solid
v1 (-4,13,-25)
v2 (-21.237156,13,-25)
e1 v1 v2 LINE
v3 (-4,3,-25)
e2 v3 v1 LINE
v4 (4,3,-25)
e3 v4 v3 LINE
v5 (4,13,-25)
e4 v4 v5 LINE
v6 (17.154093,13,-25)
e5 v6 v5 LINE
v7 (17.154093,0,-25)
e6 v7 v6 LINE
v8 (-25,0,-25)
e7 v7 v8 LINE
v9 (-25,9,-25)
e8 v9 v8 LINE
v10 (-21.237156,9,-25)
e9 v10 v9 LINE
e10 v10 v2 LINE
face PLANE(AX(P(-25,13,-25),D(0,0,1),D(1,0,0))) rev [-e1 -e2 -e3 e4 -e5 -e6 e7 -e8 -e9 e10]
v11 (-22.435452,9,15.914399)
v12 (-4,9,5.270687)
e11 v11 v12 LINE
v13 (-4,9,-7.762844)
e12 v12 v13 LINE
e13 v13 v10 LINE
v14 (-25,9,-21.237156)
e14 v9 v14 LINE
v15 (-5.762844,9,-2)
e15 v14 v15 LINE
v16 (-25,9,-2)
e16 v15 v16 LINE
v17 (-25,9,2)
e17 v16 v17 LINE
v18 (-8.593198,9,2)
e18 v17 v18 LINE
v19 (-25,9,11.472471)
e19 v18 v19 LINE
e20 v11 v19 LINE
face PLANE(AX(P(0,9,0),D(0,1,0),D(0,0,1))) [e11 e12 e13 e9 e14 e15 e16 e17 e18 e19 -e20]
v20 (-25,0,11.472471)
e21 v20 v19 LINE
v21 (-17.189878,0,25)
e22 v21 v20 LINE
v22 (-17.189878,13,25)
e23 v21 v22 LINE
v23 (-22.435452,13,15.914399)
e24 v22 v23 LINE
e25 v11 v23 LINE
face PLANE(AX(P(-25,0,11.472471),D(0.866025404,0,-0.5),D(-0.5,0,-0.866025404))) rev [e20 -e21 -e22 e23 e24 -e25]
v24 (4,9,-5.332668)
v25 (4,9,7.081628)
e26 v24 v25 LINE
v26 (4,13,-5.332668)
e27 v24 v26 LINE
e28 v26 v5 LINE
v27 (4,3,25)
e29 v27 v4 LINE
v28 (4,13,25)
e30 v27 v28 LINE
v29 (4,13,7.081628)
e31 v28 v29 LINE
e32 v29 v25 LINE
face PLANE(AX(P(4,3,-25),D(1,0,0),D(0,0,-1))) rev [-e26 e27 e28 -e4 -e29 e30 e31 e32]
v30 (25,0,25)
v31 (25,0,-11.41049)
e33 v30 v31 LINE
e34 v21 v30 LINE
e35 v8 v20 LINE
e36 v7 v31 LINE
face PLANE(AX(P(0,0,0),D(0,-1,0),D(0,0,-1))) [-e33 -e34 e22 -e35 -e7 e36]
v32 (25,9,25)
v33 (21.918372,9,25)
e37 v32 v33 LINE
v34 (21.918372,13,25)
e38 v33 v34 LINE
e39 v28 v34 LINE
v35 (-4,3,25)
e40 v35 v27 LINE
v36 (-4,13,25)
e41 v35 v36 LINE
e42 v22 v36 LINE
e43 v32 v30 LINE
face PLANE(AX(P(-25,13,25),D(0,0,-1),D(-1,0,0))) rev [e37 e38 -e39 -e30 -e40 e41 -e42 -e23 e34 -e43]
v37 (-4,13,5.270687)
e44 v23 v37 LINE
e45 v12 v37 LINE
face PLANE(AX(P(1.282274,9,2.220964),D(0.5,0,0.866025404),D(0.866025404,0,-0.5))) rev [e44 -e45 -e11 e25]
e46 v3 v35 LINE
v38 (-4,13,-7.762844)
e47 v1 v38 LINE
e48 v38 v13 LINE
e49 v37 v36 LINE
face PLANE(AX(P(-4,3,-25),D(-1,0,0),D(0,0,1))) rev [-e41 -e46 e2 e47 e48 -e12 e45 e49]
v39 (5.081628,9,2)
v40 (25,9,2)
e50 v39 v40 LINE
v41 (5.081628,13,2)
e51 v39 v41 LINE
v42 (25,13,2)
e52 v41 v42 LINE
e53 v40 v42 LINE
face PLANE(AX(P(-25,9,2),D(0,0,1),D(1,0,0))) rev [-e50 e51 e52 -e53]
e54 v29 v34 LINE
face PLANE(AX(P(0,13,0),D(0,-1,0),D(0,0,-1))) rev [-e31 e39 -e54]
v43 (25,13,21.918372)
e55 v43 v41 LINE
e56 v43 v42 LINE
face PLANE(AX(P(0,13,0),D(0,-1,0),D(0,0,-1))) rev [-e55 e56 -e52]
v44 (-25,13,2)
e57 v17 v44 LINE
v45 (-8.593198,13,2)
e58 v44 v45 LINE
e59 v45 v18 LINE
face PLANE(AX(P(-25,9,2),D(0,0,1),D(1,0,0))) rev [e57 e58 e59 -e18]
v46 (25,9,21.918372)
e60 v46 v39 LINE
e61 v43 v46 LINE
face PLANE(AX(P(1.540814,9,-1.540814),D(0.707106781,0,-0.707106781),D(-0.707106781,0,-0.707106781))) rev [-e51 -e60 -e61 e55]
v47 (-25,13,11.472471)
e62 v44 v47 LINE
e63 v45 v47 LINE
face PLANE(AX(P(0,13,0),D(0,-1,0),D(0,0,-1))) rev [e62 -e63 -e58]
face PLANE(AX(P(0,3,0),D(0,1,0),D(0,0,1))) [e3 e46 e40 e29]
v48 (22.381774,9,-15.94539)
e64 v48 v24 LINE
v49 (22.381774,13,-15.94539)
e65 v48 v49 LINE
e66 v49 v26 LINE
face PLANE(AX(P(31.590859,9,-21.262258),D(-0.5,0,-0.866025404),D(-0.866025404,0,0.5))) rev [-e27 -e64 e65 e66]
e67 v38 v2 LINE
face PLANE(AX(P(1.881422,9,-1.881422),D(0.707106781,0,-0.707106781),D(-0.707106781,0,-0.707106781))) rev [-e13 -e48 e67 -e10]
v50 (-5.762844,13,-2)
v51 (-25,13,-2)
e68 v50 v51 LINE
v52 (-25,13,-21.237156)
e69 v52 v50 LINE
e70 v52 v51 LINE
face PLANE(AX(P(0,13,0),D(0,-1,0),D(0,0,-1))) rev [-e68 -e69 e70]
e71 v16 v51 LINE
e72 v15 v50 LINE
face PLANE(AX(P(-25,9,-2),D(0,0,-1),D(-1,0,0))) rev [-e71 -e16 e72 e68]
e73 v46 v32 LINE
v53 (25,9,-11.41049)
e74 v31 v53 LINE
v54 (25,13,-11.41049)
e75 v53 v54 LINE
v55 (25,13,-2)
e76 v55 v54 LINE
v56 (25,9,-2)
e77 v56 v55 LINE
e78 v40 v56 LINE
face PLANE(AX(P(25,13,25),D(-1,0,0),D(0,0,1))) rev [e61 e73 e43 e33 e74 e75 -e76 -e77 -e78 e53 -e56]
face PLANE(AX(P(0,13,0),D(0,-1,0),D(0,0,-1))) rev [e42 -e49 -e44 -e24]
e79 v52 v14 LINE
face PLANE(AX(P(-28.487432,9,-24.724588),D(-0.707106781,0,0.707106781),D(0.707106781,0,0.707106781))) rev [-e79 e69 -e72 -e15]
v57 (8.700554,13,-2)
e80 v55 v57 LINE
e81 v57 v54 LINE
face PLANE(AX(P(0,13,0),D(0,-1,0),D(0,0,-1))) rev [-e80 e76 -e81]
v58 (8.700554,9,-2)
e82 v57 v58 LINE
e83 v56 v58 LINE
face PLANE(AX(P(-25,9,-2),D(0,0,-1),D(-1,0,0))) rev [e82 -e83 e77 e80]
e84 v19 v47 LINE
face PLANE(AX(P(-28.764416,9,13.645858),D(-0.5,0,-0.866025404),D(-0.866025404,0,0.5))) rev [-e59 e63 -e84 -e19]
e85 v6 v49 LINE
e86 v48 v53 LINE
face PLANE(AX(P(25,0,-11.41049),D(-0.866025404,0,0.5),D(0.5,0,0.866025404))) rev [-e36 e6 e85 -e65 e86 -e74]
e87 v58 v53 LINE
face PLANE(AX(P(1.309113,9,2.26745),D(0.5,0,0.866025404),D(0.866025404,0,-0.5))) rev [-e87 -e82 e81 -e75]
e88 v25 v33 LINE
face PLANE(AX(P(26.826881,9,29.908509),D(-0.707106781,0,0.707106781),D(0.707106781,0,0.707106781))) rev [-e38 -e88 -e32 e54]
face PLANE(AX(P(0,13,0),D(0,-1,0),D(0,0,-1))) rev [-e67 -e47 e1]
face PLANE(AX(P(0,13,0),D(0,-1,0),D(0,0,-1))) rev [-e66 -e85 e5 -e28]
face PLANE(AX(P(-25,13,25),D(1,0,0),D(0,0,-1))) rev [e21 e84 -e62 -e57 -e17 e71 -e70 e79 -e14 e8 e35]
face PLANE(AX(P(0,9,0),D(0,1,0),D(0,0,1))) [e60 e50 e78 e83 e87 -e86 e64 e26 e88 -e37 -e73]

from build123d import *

# Parameters (mm, degrees)
SKETCH_2_W          = 50
SKETCH_2_H          = 50
EXTRUDE_1_DEPTH     = 13
SKETCH_3_W          = 8
SKETCH_3_H          = 50
CUT_EXTRUDE_1_DEPTH = 10
SKETCH_4_W          = 50
SKETCH_4_H          = 4
CUT_EXTRUDE_2_DEPTH = 4
CUT_EXTRUDE_4_DEPTH = 4
CUT_EXTRUDE_5_DEPTH = 4
CUT_EXTRUDE_6_DEPTH = 4
CUT_EXTRUDE_7_DEPTH = 4
CUT_EXTRUDE_8_DEPTH = 38.669616404


with BuildPart() as part:
    # 草图2 → 凸台-拉伸1 (new body)
    with BuildSketch(Plane(origin=(0, 0, 0), x_dir=(1, 0, 0), z_dir=(0, 1, 0))):
        Rectangle(SKETCH_2_W, SKETCH_2_H)
    extrude(amount=EXTRUDE_1_DEPTH)

    # 草图3 → 切除-拉伸1 (cut)
    with BuildSketch(Plane(origin=(0, 13, 0), x_dir=(1, 0, 0), z_dir=(0, 1, 0))):
        Rectangle(SKETCH_3_W, SKETCH_3_H)
    extrude(amount=-CUT_EXTRUDE_1_DEPTH, mode=Mode.SUBTRACT)

    # 草图4 → 切除-拉伸2 (cut)
    with BuildSketch(Plane(origin=(0, 13, 0), x_dir=(1, 0, 0), z_dir=(0, 1, 0))):
        Rectangle(SKETCH_4_W, SKETCH_4_H)
    extrude(amount=-CUT_EXTRUDE_2_DEPTH, mode=Mode.SUBTRACT)

    # 草图5 → 切除-拉伸4 (cut)
    with BuildSketch(Plane(origin=(0, 13, 0), x_dir=(1, 0, 0), z_dir=(0, 1, 0))):
        Polygon((-1.282274203, 2.220964068), (1.282274203, -2.220964068), (-26.199867727, -18.087786109), (-28.764416132, -13.645857973), align=None)
    extrude(amount=-CUT_EXTRUDE_4_DEPTH, mode=Mode.SUBTRACT)

    # 草图7 → 切除-拉伸5 (cut)
    with BuildSketch(Plane(origin=(0, 13, 0), x_dir=(1, 0, 0), z_dir=(0, 1, 0))):
        Polygon((-1.881421881, -1.881421881), (1.881421881, 1.881421881), (-24.724588242, 28.487432004), (-28.487432004, 24.724588242), align=None)
    extrude(amount=-CUT_EXTRUDE_5_DEPTH, mode=Mode.SUBTRACT)

    # 草图8 → 切除-拉伸6 (cut)
    with BuildSketch(Plane(origin=(0, 13, 0), x_dir=(1, 0, 0), z_dir=(0, 1, 0))):
        Polygon((-1.54081376, -1.54081376), (1.54081376, 1.54081376), (29.908508957, -26.826881437), (26.826881437, -29.908508957), align=None)
    extrude(amount=-CUT_EXTRUDE_6_DEPTH, mode=Mode.SUBTRACT)

    # 草图9 → 切除-拉伸7 (cut)
    with BuildSketch(Plane(origin=(0, 13, 0), x_dir=(1, 0, 0), z_dir=(0, 1, 0))):
        Polygon((-1.309113008, 2.267450243), (1.309113008, -2.267450243), (34.209084597, 16.72735721), (31.590858581, 21.262257696), align=None)
    extrude(amount=-CUT_EXTRUDE_7_DEPTH, mode=Mode.SUBTRACT)

    # 草图10 → 切除-拉伸8 (cut, through all)
    with BuildSketch(Plane(origin=(0, 13, 0), x_dir=(1, 0, 0), z_dir=(0, 1, 0))):
        Polygon((-25, -11.472471306), (-17.189877667, -25), (-25, -25), align=None)
        Polygon((25, 11.410489739), (17.154092593, 25), (25, 25), align=None)
    extrude(amount=-CUT_EXTRUDE_8_DEPTH, mode=Mode.SUBTRACT)


solid = part.part
